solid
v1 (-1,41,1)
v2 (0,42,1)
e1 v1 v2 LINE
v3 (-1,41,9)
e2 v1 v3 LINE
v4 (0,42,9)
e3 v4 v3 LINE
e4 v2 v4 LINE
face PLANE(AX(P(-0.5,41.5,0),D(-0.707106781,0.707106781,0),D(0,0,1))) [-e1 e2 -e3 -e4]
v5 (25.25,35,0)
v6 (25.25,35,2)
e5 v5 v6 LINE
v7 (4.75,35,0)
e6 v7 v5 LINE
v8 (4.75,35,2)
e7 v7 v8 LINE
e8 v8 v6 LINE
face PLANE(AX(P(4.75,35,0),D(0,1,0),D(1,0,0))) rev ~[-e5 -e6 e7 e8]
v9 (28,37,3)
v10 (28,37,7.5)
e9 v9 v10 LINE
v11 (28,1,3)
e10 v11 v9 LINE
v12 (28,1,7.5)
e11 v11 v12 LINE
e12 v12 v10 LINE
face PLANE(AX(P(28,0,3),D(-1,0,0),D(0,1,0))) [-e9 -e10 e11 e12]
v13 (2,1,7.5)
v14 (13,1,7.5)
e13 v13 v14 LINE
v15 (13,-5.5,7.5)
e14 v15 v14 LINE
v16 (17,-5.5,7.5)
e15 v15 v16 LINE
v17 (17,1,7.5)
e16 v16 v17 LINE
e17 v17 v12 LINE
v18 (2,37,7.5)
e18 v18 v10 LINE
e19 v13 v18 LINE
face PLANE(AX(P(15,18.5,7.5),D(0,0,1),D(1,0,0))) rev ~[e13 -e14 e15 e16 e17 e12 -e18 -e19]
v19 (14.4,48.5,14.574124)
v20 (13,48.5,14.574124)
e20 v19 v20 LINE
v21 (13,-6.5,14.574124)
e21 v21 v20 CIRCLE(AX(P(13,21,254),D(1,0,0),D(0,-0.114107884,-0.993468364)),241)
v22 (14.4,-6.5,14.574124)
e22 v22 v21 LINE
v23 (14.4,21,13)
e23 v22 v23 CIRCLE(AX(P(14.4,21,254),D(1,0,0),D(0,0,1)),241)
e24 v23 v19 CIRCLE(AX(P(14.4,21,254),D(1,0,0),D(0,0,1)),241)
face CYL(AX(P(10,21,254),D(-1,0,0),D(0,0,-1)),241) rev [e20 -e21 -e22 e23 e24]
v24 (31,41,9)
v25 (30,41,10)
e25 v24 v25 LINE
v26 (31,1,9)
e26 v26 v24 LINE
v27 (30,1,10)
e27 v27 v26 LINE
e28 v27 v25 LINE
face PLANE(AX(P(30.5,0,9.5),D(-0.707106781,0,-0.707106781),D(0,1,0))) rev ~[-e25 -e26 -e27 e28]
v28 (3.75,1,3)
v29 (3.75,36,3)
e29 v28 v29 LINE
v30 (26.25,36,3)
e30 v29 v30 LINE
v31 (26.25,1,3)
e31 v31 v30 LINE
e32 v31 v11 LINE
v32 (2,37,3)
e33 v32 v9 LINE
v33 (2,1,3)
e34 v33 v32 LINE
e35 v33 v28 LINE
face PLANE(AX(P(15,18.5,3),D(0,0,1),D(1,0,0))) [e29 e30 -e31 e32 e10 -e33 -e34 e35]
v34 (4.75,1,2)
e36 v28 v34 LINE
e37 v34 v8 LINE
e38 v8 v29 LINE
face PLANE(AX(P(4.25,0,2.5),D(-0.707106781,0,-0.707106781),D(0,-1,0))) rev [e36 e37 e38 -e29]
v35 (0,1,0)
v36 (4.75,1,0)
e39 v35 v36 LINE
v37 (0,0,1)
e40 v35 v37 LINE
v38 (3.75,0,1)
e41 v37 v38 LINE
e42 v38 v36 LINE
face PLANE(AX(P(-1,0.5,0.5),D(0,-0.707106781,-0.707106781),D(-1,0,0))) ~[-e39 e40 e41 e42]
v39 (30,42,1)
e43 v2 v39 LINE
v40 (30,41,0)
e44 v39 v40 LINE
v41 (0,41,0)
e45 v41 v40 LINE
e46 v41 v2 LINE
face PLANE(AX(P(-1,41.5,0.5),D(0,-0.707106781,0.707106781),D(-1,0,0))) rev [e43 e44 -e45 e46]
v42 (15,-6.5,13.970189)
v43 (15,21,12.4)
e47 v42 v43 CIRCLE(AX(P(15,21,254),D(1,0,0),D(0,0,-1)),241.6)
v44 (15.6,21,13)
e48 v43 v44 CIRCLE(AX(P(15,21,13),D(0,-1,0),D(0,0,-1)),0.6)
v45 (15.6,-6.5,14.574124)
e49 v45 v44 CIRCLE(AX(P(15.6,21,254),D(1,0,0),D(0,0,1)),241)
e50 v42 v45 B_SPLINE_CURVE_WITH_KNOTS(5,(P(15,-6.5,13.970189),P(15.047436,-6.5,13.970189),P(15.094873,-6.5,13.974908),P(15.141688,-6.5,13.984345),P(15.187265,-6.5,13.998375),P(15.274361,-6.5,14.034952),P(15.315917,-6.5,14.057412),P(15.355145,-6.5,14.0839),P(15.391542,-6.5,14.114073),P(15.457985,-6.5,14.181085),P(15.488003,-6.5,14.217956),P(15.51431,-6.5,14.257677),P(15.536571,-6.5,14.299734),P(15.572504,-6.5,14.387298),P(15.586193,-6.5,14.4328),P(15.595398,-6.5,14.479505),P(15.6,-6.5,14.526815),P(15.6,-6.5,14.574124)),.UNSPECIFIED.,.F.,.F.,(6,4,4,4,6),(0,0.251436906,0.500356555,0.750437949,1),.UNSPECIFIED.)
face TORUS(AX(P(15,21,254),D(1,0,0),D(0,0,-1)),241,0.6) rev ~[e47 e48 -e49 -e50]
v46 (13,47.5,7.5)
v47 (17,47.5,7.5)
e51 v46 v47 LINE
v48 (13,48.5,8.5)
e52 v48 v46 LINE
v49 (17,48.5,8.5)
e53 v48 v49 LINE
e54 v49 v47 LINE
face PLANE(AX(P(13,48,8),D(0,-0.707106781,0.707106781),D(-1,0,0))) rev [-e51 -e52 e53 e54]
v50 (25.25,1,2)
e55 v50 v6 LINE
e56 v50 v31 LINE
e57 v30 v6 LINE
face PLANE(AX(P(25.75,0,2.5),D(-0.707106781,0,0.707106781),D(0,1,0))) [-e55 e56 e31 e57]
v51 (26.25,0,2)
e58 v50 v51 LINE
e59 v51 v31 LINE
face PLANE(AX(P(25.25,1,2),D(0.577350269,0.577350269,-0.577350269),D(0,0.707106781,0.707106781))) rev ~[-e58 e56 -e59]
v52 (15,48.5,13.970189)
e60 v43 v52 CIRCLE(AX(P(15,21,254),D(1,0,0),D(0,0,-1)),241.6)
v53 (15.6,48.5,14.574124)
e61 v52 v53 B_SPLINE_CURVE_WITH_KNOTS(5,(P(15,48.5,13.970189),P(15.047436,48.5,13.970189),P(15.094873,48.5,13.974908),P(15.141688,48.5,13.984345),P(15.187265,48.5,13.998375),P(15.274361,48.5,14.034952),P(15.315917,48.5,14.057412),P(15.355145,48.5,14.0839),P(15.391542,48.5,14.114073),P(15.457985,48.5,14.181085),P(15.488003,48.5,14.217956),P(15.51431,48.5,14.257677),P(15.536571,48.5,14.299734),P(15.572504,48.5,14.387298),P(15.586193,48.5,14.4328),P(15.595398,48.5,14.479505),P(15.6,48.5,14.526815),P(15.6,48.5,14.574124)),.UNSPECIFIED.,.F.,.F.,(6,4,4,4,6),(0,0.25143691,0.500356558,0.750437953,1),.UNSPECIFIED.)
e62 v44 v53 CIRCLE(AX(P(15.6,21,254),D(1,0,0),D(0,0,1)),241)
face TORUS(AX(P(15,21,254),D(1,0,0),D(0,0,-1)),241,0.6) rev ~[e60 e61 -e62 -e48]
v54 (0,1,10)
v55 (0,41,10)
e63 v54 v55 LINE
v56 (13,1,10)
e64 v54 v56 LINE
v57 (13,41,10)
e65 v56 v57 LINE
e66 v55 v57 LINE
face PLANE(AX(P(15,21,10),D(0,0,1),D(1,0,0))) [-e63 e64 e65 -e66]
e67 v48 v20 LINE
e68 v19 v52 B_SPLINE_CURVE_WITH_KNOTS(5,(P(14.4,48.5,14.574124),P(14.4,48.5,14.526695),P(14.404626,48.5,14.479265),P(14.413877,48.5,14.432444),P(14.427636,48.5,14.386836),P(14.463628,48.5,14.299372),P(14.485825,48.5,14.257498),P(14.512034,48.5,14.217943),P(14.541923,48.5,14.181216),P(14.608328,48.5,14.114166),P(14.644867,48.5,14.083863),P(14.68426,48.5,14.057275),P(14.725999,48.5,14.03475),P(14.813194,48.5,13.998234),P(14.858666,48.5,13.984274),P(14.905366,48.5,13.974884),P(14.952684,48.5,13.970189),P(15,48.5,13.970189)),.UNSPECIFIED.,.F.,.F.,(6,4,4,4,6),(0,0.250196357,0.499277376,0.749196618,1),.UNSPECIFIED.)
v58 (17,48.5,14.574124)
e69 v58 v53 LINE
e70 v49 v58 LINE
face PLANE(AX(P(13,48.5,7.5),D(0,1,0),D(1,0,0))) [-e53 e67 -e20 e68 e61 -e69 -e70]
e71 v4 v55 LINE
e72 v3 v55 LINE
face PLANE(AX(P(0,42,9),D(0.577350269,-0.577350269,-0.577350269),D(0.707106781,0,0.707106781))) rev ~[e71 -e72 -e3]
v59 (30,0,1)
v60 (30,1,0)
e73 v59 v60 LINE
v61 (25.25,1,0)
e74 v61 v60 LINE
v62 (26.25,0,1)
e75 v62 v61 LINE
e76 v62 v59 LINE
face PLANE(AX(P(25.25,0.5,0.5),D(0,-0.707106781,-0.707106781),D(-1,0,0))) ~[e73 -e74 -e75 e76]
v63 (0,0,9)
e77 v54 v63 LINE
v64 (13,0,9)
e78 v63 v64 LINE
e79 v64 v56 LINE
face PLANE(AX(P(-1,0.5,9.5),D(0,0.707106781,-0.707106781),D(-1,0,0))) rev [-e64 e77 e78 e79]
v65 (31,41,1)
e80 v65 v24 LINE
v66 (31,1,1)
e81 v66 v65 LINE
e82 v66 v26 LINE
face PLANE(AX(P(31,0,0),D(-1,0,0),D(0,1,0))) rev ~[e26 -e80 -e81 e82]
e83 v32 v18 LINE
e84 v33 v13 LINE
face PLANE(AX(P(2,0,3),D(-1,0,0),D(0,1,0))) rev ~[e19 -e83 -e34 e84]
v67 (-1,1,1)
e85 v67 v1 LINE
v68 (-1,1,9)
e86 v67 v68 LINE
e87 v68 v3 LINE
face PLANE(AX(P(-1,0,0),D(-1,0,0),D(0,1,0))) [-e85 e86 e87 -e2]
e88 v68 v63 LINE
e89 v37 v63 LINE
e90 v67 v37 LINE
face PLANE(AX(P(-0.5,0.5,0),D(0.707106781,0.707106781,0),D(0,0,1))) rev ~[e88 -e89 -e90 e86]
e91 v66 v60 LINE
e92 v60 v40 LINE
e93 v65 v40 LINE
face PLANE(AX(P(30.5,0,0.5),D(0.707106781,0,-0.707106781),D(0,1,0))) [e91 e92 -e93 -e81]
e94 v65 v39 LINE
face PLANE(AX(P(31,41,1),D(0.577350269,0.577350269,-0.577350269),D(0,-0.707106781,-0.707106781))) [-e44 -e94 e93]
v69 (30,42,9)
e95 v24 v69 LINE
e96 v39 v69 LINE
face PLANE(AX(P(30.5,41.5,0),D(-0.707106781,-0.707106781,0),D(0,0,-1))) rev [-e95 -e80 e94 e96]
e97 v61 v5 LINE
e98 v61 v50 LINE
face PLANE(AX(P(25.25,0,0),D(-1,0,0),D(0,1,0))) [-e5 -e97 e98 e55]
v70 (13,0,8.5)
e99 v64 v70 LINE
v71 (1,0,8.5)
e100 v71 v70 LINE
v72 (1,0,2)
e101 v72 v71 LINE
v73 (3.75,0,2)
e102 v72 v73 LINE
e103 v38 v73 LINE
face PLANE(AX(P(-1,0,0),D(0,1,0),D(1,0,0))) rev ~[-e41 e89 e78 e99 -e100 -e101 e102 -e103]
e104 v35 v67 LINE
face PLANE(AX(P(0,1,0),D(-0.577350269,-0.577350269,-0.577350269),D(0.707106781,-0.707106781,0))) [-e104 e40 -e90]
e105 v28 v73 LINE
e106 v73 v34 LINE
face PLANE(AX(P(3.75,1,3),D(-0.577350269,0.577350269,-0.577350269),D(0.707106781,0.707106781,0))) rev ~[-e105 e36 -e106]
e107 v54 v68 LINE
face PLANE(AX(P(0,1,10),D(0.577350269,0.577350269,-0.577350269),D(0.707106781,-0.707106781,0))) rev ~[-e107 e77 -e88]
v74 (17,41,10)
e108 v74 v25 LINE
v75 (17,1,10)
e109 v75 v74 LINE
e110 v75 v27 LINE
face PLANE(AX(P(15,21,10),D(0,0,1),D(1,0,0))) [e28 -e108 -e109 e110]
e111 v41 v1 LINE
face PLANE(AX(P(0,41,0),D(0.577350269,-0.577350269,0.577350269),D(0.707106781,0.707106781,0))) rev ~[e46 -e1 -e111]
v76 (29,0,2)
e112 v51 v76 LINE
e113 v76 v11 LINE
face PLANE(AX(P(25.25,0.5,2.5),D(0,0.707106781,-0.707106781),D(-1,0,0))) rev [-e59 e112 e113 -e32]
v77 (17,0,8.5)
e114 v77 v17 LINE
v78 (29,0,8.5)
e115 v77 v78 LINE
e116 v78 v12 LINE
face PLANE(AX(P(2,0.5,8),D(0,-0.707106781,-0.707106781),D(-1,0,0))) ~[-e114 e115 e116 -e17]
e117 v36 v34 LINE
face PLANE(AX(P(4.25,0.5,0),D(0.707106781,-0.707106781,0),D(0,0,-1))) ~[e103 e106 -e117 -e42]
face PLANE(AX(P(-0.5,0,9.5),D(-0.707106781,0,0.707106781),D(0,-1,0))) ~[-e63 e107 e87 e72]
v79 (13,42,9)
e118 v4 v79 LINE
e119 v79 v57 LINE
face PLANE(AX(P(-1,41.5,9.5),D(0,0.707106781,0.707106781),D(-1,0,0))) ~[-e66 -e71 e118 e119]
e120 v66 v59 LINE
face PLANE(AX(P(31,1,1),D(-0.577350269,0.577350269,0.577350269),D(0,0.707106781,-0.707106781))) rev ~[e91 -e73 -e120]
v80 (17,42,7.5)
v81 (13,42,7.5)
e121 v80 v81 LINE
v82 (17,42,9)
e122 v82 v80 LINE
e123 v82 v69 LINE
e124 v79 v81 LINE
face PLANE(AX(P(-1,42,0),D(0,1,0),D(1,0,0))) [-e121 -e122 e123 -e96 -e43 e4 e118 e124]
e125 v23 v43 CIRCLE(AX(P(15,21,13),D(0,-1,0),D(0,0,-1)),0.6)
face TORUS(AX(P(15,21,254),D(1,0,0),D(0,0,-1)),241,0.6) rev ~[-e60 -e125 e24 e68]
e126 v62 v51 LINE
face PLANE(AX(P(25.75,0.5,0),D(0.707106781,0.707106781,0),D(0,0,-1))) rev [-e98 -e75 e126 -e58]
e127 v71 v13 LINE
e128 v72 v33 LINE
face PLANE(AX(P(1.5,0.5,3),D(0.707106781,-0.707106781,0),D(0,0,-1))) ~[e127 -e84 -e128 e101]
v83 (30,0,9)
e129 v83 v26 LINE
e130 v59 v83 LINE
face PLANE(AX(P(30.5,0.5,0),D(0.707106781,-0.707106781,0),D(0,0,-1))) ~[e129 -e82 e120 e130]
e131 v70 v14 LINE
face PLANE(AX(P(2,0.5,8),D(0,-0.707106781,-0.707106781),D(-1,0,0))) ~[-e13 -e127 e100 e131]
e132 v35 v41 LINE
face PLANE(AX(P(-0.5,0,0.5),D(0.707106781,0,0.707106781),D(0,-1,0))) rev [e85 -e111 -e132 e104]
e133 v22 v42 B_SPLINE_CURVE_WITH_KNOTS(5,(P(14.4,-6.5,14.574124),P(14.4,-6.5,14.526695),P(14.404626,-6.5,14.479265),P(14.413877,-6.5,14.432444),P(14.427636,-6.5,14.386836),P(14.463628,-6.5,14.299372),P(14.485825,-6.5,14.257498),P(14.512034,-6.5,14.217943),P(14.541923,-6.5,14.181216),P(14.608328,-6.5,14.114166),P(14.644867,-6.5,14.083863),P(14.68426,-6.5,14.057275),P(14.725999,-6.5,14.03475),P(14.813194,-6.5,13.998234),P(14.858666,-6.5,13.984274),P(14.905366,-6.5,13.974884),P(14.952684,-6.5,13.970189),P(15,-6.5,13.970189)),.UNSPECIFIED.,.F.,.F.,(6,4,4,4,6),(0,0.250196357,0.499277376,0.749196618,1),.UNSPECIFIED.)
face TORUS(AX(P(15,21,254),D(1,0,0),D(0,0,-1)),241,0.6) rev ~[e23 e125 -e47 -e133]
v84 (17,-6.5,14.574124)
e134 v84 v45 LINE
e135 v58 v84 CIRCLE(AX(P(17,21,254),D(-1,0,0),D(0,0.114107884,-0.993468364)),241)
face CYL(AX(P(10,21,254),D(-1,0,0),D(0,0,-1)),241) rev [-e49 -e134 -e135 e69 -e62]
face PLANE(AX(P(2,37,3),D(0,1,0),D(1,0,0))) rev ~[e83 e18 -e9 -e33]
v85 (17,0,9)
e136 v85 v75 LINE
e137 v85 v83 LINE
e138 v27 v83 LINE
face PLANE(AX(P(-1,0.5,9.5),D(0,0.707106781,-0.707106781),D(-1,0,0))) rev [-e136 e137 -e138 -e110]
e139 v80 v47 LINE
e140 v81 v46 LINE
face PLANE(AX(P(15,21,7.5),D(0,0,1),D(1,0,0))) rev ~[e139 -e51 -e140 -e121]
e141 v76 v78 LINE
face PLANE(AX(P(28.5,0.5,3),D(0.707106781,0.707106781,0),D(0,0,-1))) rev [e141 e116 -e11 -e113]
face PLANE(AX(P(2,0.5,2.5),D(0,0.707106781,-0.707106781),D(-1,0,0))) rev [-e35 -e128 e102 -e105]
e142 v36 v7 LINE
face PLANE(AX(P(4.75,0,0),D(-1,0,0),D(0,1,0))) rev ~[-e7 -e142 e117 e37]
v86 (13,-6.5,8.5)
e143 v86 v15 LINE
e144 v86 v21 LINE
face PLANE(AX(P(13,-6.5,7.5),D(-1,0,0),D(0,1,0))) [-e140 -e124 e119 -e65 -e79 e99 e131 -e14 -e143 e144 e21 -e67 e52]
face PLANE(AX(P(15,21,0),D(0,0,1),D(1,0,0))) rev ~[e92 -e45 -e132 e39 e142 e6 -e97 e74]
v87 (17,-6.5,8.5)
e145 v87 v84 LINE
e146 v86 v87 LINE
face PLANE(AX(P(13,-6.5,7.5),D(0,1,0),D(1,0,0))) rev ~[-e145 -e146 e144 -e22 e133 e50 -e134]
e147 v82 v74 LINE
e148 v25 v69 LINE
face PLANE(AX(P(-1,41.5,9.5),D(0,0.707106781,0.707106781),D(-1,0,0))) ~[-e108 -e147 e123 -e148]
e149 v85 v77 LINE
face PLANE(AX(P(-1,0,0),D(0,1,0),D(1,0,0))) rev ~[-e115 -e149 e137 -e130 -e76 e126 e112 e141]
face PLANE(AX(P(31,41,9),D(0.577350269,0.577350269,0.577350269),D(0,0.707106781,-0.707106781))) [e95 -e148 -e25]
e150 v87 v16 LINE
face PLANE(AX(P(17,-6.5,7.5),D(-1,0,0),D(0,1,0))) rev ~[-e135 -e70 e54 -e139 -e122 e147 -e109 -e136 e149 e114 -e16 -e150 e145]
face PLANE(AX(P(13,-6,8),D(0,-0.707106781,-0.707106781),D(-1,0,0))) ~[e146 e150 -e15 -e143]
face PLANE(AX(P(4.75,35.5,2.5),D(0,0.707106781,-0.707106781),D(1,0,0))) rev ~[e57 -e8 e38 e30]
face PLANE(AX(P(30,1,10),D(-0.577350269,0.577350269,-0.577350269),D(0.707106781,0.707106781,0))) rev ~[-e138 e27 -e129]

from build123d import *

# Parameters (mm, degrees)
BOX001_W        = 20.5
BOX001_H        = 35
BOX001_DEPTH    = 3
BOX002_W        = 26
BOX002_H        = 37
BOX002_DEPTH    = 4.5
BOX_W           = 32
BOX_H           = 42
BOX_DEPTH       = 10
CHAMFER001_SIZE = 1
CYLINDER_R      = 241
CYLINDER_DEPTH  = 10
TORUS_R         = 0.6
BOX003_W        = 4
BOX003_H        = 55
BOX003_DEPTH    = 20
CHAMFER_SIZE    = 1


with BuildPart() as clamp_mount_hole:
    # Box001 → Box001 (new body)
    with BuildSketch(Plane(origin=(4.75, 0, 0), x_dir=(1, 0, 0), z_dir=(0, 0, 1))):
        with Locations((10.25, 17.5)):
            Rectangle(BOX001_W, BOX001_H)
    extrude(amount=BOX001_DEPTH)


with BuildPart() as clamp_mount_shape:
    # Box002 → Box002 (new body)
    with BuildSketch(Plane(origin=(2, 0, 3), x_dir=(1, 0, 0), z_dir=(0, 0, 1))):
        with Locations((13, 18.5)):
            Rectangle(BOX002_W, BOX002_H)
    extrude(amount=BOX002_DEPTH)

    # Fusion: union clamp_mount_hole
    add(clamp_mount_hole.part)


with BuildPart() as clamp_mount_body_camfer:
    # Box → Box (new body)
    with BuildSketch(Plane(origin=(-1, 0, 0), x_dir=(1, 0, 0), z_dir=(0, 0, 1))):
        with Locations((16, 21)):
            Rectangle(BOX_W, BOX_H)
    extrude(amount=BOX_DEPTH)

    # Cut: cut clamp_mount_shape
    add(clamp_mount_shape.part, mode=Mode.SUBTRACT)

    # Chamfer001
    chamfer001_edges = [clamp_mount_body_camfer.edges().sort_by_distance(p)[0] for p in [
        (-1, 0, 5),
        (-1, 21, 10),
        (-1, 42, 5),
        (-1, 21, 0),
        (1.875, 0, 0),
        (4.75, 0, 1.5),
        (3.375, 0, 3),
        (2, 0, 5.25),
        (15, 0, 7.5),
        (28, 0, 5.25),
        (26.625, 0, 3),
        (25.25, 0, 1.5),
        (28.125, 0, 0),
        (31, 0, 5),
        (15, 0, 10),
        (15, 42, 10),
        (31, 21, 10),
        (15, 42, 0),
        (31, 42, 5),
        (31, 21, 0),
        (4.75, 17.5, 3),
        (25.25, 17.5, 3),
        (15, 35, 3),
    ]]
    chamfer(chamfer001_edges, length=CHAMFER001_SIZE)


with BuildPart() as cylinder:
    # Cylinder → Cylinder (new body)
    with BuildSketch(Plane(origin=(10, 0, 0), x_dir=(0, 0, -1), z_dir=(1, 0, 0))):
        Circle(CYLINDER_R)
    extrude(amount=CYLINDER_DEPTH)


with BuildPart() as cut_disk:
    # Torus → Torus (revolve)
    with BuildSketch(Plane(origin=(15, 0, 0), x_dir=(0, 0, -1), z_dir=(0, -1, 0))):
        with Locations((241, 0)):
            Circle(TORUS_R)
    revolve(axis=Axis((15, 0, 0), (1, 0, 0)))

    # Fusion001: union Cylinder
    add(cylinder.part)


with BuildPart() as cut_disk_1:
    # Fusion001 placement: moved
    add(cut_disk.part.moved(Location((0, 21, 254))))


with BuildPart() as fret_wire_clamp:
    # Box003 → Box003 (new body)
    with BuildSketch(Plane(origin=(13, -6.5, 7.5), x_dir=(1, 0, 0), z_dir=(0, 0, 1))):
        with Locations((2, 27.5)):
            Rectangle(BOX003_W, BOX003_H)
    extrude(amount=BOX003_DEPTH)

    # Cut001: cut cut_disk
    add(cut_disk_1.part, mode=Mode.SUBTRACT)

    # Chamfer
    chamfer_edges = [fret_wire_clamp.edges().sort_by_distance(p)[0] for p in [
        (15, -6.5, 7.5),
        (15, 48.5, 7.5),
    ]]
    chamfer(chamfer_edges, length=CHAMFER_SIZE)

    # Fusion002: union clamp_mount_body_camfer
    add(clamp_mount_body_camfer.part)


solid = fret_wire_clamp.part
